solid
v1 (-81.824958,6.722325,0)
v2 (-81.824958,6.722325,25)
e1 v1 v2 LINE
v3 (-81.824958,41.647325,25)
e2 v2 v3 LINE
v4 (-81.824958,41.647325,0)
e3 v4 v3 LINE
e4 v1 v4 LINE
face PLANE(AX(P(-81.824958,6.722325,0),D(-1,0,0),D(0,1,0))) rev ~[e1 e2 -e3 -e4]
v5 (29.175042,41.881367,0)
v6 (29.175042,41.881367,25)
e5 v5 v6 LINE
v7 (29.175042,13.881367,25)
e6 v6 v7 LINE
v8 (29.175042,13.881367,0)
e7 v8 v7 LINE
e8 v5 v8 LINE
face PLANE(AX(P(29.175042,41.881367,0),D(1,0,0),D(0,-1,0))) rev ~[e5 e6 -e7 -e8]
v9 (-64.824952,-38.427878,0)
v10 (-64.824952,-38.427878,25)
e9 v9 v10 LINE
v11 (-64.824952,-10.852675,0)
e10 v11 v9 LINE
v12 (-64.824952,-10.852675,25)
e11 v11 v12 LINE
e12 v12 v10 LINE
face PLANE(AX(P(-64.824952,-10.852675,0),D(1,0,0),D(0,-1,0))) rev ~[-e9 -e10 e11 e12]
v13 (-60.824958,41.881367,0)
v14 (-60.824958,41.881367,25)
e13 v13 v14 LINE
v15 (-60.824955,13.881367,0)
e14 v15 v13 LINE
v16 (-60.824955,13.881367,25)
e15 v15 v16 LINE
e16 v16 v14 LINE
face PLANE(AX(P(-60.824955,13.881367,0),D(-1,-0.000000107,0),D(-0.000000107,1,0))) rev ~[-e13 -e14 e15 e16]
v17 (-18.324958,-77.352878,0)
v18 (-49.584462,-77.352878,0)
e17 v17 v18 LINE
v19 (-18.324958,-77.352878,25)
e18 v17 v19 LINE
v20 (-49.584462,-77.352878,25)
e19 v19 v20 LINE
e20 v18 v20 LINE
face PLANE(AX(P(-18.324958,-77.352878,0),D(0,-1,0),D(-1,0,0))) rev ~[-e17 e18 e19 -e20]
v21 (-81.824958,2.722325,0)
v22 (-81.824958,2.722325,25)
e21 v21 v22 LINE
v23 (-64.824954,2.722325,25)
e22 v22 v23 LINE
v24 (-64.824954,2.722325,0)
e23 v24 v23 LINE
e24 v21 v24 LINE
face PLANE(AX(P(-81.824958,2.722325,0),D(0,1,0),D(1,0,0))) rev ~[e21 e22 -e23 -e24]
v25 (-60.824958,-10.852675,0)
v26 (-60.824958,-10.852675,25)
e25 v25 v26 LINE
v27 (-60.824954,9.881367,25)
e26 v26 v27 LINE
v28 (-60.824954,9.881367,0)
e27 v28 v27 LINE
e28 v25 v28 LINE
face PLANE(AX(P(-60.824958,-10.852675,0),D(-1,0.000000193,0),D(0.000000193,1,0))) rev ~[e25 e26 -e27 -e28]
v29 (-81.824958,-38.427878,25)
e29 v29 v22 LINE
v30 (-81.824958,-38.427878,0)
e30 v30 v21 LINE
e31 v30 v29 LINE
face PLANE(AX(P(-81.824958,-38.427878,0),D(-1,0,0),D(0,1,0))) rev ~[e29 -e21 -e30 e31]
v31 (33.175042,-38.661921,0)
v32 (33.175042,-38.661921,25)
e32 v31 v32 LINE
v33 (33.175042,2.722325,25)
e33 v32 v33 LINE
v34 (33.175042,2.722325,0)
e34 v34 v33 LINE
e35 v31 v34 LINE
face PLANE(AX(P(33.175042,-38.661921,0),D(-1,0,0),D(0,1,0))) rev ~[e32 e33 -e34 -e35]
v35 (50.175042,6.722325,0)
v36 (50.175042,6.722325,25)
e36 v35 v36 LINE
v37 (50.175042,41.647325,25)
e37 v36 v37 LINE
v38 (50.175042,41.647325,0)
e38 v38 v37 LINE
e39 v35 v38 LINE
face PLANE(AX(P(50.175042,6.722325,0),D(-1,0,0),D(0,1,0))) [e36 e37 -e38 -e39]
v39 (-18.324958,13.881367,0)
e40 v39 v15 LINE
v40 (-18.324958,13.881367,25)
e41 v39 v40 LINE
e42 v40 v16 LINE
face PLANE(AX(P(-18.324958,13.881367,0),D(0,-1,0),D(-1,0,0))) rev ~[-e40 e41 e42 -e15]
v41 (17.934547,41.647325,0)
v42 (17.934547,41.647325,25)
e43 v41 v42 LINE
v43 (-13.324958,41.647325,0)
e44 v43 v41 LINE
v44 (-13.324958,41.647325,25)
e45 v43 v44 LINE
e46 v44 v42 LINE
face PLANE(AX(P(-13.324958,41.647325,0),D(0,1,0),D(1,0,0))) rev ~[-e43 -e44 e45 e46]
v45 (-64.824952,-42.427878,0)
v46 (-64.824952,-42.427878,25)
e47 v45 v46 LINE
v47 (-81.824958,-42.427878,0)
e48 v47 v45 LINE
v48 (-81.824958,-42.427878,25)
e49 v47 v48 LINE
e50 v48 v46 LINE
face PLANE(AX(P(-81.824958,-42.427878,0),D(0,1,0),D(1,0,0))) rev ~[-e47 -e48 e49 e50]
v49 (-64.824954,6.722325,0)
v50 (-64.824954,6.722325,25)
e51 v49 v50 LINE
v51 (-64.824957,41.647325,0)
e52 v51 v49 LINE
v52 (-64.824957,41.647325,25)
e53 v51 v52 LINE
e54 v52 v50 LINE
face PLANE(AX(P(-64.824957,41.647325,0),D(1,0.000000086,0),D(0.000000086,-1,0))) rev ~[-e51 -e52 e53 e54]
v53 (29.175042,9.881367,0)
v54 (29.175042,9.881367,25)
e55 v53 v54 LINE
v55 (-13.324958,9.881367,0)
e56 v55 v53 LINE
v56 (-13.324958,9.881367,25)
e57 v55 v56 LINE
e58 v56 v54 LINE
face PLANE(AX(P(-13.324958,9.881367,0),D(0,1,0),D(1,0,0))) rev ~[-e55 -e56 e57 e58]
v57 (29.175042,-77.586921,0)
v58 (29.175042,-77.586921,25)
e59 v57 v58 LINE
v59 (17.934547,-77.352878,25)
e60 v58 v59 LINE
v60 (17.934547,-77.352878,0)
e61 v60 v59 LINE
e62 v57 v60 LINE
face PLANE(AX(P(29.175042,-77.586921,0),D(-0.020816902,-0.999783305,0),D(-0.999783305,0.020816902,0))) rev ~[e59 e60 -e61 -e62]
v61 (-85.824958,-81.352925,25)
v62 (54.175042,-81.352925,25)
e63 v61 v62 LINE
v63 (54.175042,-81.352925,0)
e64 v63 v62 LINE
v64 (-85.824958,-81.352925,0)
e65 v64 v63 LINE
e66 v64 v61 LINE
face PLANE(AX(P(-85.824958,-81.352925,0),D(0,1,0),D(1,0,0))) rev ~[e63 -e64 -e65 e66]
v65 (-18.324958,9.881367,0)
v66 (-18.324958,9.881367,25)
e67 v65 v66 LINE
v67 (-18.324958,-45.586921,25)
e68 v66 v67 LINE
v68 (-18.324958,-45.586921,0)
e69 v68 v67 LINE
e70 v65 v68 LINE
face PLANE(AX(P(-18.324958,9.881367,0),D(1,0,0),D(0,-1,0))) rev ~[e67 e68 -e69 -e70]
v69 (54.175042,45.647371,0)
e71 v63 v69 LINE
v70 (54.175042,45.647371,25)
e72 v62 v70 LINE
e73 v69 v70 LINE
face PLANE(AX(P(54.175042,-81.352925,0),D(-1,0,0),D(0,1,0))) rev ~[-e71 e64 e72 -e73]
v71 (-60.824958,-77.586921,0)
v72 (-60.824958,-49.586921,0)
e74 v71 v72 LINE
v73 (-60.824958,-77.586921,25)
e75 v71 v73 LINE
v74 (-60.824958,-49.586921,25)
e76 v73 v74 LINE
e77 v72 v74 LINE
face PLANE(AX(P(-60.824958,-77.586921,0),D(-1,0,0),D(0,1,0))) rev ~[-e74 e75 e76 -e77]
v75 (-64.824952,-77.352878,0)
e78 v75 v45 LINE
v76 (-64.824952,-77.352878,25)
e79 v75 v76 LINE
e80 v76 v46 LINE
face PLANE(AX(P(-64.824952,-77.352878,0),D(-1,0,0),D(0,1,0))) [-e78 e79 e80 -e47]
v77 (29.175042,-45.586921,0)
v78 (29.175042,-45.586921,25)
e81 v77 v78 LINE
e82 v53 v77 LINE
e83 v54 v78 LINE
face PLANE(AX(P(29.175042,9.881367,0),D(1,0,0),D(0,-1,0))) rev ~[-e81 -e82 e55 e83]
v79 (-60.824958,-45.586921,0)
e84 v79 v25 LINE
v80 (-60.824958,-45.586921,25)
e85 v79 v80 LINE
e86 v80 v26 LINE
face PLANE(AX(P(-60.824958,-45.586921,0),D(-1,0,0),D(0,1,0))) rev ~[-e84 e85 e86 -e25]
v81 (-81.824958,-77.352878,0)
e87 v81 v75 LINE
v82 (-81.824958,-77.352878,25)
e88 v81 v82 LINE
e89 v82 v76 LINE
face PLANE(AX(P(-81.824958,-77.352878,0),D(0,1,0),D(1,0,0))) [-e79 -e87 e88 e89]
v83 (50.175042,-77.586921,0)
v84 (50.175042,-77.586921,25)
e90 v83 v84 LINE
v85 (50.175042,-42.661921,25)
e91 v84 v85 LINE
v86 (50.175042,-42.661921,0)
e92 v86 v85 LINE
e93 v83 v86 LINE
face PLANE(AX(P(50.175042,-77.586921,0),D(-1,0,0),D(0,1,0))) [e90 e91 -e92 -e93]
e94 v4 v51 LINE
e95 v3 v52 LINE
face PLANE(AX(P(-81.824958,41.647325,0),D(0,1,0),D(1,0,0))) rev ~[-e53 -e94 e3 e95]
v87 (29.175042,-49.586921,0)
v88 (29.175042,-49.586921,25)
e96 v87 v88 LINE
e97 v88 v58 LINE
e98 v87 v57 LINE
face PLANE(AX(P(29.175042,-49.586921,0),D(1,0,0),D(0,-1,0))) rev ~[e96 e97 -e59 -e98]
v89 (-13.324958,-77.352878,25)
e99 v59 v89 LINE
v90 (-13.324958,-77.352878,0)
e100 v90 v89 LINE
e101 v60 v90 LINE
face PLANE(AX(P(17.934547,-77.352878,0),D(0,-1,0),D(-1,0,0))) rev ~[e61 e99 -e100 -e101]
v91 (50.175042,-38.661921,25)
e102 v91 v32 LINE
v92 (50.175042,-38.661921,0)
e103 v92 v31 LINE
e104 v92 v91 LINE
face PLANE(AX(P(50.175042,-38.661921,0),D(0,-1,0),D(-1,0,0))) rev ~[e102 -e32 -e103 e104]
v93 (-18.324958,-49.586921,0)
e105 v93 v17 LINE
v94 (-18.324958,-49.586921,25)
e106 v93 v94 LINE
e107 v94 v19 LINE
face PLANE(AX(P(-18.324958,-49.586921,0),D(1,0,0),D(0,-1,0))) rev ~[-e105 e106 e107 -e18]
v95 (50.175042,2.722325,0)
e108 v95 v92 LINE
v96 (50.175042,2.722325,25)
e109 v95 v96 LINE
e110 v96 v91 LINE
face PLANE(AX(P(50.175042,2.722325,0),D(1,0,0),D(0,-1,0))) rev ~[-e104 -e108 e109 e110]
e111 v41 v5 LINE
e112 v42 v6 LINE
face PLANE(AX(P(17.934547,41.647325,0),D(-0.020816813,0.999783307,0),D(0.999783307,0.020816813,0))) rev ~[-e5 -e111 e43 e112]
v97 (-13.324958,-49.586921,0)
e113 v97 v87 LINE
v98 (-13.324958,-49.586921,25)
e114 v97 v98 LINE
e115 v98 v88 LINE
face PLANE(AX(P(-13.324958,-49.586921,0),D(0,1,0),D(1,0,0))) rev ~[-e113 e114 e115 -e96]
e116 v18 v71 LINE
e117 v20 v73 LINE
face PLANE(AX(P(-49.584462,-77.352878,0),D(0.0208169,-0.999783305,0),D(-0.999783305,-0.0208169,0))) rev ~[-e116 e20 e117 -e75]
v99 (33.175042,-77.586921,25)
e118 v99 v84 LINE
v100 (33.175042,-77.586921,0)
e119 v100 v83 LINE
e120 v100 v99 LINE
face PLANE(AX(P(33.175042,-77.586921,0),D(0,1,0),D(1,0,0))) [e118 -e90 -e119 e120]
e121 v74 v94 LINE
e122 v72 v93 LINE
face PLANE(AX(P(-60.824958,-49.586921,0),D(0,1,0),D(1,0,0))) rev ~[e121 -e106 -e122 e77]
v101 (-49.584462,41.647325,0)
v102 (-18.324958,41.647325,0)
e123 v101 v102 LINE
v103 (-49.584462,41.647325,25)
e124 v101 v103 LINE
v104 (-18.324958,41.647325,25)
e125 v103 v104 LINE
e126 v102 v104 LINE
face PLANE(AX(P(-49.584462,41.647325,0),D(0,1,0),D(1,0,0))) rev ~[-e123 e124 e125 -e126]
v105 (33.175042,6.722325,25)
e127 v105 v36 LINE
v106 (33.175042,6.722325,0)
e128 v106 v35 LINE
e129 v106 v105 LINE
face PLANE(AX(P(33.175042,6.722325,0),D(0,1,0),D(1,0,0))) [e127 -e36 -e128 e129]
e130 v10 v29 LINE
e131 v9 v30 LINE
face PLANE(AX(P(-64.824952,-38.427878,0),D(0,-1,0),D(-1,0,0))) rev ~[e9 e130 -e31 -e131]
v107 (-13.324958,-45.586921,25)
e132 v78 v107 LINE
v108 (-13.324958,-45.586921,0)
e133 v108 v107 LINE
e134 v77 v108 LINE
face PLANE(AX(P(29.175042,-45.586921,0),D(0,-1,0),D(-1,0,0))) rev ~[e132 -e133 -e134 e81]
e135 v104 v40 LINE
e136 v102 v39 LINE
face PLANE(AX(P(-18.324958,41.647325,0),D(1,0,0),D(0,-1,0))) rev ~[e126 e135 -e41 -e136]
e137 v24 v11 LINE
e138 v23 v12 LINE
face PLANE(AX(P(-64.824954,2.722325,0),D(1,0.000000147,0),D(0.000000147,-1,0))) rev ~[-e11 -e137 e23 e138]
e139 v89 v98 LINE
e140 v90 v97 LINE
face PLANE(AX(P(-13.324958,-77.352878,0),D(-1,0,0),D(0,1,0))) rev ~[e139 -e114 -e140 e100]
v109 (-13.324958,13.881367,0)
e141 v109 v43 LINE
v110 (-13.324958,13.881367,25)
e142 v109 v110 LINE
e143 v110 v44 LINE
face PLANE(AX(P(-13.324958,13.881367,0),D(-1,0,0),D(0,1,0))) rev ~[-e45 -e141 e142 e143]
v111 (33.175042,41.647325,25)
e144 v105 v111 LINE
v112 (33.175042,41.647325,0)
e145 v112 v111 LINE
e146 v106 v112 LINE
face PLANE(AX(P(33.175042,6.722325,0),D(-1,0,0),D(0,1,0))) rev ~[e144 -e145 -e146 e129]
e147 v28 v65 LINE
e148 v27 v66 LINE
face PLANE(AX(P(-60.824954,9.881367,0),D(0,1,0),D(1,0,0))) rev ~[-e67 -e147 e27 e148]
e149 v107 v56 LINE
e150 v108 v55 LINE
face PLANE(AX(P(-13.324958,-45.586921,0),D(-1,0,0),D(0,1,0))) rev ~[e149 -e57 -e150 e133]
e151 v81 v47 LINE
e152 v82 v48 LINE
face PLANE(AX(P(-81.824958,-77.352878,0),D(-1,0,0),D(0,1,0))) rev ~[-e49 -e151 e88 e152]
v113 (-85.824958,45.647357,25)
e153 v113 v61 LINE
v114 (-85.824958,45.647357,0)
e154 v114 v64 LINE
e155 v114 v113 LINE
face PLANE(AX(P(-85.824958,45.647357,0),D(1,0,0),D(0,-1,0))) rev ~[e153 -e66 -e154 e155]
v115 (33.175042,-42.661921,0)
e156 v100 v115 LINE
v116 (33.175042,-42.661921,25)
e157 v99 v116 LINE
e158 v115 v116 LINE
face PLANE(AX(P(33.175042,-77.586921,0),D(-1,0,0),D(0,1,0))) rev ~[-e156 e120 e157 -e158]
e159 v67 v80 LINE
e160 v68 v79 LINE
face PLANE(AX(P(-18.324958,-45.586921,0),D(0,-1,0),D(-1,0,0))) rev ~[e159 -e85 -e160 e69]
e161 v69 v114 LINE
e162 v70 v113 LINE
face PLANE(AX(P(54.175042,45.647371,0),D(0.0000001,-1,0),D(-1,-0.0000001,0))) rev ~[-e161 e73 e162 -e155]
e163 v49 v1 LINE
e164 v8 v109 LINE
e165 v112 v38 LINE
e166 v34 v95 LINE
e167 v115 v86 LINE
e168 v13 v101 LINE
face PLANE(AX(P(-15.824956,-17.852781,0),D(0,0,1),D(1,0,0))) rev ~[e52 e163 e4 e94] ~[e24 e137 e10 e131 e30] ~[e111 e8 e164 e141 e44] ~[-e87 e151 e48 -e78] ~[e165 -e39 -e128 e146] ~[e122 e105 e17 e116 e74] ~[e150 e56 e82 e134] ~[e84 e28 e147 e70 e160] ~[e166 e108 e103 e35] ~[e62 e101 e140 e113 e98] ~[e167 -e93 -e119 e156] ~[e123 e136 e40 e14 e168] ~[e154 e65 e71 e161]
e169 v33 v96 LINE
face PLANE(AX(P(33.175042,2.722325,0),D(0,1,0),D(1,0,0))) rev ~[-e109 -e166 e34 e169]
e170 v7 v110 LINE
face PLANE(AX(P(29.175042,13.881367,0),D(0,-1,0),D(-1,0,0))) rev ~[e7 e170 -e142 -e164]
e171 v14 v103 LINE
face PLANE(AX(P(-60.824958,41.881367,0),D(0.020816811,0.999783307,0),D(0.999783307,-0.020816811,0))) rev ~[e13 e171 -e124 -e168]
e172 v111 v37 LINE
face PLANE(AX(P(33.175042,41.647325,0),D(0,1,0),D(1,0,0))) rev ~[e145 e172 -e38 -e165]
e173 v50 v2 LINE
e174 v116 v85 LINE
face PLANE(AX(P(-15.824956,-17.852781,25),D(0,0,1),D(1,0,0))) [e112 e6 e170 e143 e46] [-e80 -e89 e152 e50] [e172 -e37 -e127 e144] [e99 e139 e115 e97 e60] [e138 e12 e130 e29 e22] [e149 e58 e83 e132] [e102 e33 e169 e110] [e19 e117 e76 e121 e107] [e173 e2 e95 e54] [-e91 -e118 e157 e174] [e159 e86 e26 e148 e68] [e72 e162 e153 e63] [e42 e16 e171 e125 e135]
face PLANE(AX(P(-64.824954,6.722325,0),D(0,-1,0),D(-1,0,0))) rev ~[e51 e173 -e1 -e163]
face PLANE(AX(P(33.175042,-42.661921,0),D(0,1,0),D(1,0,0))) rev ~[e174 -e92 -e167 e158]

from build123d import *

# Parameters (mm, degrees)
F0_W     = 17.000006
F0_H     = 34.925
F0_W_2   = 17
F1_DEPTH = 25


with BuildPart() as f1:
    # F0 (on Top) → F1 (new body)
    with BuildSketch(Plane.XY):
        Polygon((54.175042, -81.352925), (54.175042, 45.647371), (-85.824958, 45.647357), (-85.824958, -81.352925), align=None)
        with Locations((-73.324955, -59.890378)):
            Rectangle(F0_W, F0_H, mode=Mode.SUBTRACT)
        Polygon((-49.584462, -77.352878), (-60.824958, -77.586921), (-60.824958, -49.586921), (-18.324958, -49.586921), (-18.324958, -61.310325), (-18.324958, -77.352878), align=None, mode=Mode.SUBTRACT)
        Polygon((29.175042, -49.586921), (29.175042, -77.586921), (17.934547, -77.352878), (-13.324958, -77.352878), (-13.324958, -61.310325), (-13.324958, -49.586921), align=None, mode=Mode.SUBTRACT)
        with Locations((41.675042, -60.124421)):
            Rectangle(F0_W_2, F0_H, mode=Mode.SUBTRACT)
        Polygon((29.175042, 9.881367), (29.175042, -10.852675), (29.175042, -24.852878), (29.175042, -45.586921), (-13.324958, -45.586921), (-13.324958, -19.852878), (-13.324958, -15.852675), (-13.324958, 9.881367), align=None, mode=Mode.SUBTRACT)
        Polygon((50.175042, 2.722325), (50.175042, -10.852675), (50.175042, -24.852878), (50.175042, -38.661921), (33.175042, -38.661921), (33.175042, -24.852878), (33.175042, -10.852675), (33.175042, 2.722325), align=None, mode=Mode.SUBTRACT)
        Polygon((-64.824954, 2.722325), (-64.824952, -10.852675), (-64.824952, -24.852878), (-64.824952, -38.427878), (-81.824958, -38.427878), (-81.824958, -24.852878), (-81.824958, -10.852675), (-81.824958, 2.722325), align=None, mode=Mode.SUBTRACT)
        Polygon((-18.324958, 9.881367), (-18.324958, -15.852675), (-18.324958, -19.852878), (-18.324958, -45.586921), (-60.824958, -45.586921), (-60.824958, -24.852878), (-60.824958, -10.852675), (-60.824954, 9.881367), align=None, mode=Mode.SUBTRACT)
        Polygon((-81.824958, 6.722325), (-81.824958, 41.647325), (-64.824957, 41.647325), (-64.824954, 6.722325), align=None, mode=Mode.SUBTRACT)
        Polygon((-60.824955, 13.881367), (-60.824958, 41.881367), (-49.584462, 41.647325), (-18.324958, 41.647325), (-18.324958, 25.604771), (-18.324958, 13.881367), align=None, mode=Mode.SUBTRACT)
        Polygon((17.934547, 41.647325), (29.175042, 41.881367), (29.175042, 13.881367), (-13.324958, 13.881367), (-13.324958, 25.604771), (-13.324958, 41.647325), align=None, mode=Mode.SUBTRACT)
        with Locations((41.675042, 24.184825)):
            Rectangle(F0_W_2, F0_H, mode=Mode.SUBTRACT)
    extrude(amount=F1_DEPTH)


solid = f1.part
